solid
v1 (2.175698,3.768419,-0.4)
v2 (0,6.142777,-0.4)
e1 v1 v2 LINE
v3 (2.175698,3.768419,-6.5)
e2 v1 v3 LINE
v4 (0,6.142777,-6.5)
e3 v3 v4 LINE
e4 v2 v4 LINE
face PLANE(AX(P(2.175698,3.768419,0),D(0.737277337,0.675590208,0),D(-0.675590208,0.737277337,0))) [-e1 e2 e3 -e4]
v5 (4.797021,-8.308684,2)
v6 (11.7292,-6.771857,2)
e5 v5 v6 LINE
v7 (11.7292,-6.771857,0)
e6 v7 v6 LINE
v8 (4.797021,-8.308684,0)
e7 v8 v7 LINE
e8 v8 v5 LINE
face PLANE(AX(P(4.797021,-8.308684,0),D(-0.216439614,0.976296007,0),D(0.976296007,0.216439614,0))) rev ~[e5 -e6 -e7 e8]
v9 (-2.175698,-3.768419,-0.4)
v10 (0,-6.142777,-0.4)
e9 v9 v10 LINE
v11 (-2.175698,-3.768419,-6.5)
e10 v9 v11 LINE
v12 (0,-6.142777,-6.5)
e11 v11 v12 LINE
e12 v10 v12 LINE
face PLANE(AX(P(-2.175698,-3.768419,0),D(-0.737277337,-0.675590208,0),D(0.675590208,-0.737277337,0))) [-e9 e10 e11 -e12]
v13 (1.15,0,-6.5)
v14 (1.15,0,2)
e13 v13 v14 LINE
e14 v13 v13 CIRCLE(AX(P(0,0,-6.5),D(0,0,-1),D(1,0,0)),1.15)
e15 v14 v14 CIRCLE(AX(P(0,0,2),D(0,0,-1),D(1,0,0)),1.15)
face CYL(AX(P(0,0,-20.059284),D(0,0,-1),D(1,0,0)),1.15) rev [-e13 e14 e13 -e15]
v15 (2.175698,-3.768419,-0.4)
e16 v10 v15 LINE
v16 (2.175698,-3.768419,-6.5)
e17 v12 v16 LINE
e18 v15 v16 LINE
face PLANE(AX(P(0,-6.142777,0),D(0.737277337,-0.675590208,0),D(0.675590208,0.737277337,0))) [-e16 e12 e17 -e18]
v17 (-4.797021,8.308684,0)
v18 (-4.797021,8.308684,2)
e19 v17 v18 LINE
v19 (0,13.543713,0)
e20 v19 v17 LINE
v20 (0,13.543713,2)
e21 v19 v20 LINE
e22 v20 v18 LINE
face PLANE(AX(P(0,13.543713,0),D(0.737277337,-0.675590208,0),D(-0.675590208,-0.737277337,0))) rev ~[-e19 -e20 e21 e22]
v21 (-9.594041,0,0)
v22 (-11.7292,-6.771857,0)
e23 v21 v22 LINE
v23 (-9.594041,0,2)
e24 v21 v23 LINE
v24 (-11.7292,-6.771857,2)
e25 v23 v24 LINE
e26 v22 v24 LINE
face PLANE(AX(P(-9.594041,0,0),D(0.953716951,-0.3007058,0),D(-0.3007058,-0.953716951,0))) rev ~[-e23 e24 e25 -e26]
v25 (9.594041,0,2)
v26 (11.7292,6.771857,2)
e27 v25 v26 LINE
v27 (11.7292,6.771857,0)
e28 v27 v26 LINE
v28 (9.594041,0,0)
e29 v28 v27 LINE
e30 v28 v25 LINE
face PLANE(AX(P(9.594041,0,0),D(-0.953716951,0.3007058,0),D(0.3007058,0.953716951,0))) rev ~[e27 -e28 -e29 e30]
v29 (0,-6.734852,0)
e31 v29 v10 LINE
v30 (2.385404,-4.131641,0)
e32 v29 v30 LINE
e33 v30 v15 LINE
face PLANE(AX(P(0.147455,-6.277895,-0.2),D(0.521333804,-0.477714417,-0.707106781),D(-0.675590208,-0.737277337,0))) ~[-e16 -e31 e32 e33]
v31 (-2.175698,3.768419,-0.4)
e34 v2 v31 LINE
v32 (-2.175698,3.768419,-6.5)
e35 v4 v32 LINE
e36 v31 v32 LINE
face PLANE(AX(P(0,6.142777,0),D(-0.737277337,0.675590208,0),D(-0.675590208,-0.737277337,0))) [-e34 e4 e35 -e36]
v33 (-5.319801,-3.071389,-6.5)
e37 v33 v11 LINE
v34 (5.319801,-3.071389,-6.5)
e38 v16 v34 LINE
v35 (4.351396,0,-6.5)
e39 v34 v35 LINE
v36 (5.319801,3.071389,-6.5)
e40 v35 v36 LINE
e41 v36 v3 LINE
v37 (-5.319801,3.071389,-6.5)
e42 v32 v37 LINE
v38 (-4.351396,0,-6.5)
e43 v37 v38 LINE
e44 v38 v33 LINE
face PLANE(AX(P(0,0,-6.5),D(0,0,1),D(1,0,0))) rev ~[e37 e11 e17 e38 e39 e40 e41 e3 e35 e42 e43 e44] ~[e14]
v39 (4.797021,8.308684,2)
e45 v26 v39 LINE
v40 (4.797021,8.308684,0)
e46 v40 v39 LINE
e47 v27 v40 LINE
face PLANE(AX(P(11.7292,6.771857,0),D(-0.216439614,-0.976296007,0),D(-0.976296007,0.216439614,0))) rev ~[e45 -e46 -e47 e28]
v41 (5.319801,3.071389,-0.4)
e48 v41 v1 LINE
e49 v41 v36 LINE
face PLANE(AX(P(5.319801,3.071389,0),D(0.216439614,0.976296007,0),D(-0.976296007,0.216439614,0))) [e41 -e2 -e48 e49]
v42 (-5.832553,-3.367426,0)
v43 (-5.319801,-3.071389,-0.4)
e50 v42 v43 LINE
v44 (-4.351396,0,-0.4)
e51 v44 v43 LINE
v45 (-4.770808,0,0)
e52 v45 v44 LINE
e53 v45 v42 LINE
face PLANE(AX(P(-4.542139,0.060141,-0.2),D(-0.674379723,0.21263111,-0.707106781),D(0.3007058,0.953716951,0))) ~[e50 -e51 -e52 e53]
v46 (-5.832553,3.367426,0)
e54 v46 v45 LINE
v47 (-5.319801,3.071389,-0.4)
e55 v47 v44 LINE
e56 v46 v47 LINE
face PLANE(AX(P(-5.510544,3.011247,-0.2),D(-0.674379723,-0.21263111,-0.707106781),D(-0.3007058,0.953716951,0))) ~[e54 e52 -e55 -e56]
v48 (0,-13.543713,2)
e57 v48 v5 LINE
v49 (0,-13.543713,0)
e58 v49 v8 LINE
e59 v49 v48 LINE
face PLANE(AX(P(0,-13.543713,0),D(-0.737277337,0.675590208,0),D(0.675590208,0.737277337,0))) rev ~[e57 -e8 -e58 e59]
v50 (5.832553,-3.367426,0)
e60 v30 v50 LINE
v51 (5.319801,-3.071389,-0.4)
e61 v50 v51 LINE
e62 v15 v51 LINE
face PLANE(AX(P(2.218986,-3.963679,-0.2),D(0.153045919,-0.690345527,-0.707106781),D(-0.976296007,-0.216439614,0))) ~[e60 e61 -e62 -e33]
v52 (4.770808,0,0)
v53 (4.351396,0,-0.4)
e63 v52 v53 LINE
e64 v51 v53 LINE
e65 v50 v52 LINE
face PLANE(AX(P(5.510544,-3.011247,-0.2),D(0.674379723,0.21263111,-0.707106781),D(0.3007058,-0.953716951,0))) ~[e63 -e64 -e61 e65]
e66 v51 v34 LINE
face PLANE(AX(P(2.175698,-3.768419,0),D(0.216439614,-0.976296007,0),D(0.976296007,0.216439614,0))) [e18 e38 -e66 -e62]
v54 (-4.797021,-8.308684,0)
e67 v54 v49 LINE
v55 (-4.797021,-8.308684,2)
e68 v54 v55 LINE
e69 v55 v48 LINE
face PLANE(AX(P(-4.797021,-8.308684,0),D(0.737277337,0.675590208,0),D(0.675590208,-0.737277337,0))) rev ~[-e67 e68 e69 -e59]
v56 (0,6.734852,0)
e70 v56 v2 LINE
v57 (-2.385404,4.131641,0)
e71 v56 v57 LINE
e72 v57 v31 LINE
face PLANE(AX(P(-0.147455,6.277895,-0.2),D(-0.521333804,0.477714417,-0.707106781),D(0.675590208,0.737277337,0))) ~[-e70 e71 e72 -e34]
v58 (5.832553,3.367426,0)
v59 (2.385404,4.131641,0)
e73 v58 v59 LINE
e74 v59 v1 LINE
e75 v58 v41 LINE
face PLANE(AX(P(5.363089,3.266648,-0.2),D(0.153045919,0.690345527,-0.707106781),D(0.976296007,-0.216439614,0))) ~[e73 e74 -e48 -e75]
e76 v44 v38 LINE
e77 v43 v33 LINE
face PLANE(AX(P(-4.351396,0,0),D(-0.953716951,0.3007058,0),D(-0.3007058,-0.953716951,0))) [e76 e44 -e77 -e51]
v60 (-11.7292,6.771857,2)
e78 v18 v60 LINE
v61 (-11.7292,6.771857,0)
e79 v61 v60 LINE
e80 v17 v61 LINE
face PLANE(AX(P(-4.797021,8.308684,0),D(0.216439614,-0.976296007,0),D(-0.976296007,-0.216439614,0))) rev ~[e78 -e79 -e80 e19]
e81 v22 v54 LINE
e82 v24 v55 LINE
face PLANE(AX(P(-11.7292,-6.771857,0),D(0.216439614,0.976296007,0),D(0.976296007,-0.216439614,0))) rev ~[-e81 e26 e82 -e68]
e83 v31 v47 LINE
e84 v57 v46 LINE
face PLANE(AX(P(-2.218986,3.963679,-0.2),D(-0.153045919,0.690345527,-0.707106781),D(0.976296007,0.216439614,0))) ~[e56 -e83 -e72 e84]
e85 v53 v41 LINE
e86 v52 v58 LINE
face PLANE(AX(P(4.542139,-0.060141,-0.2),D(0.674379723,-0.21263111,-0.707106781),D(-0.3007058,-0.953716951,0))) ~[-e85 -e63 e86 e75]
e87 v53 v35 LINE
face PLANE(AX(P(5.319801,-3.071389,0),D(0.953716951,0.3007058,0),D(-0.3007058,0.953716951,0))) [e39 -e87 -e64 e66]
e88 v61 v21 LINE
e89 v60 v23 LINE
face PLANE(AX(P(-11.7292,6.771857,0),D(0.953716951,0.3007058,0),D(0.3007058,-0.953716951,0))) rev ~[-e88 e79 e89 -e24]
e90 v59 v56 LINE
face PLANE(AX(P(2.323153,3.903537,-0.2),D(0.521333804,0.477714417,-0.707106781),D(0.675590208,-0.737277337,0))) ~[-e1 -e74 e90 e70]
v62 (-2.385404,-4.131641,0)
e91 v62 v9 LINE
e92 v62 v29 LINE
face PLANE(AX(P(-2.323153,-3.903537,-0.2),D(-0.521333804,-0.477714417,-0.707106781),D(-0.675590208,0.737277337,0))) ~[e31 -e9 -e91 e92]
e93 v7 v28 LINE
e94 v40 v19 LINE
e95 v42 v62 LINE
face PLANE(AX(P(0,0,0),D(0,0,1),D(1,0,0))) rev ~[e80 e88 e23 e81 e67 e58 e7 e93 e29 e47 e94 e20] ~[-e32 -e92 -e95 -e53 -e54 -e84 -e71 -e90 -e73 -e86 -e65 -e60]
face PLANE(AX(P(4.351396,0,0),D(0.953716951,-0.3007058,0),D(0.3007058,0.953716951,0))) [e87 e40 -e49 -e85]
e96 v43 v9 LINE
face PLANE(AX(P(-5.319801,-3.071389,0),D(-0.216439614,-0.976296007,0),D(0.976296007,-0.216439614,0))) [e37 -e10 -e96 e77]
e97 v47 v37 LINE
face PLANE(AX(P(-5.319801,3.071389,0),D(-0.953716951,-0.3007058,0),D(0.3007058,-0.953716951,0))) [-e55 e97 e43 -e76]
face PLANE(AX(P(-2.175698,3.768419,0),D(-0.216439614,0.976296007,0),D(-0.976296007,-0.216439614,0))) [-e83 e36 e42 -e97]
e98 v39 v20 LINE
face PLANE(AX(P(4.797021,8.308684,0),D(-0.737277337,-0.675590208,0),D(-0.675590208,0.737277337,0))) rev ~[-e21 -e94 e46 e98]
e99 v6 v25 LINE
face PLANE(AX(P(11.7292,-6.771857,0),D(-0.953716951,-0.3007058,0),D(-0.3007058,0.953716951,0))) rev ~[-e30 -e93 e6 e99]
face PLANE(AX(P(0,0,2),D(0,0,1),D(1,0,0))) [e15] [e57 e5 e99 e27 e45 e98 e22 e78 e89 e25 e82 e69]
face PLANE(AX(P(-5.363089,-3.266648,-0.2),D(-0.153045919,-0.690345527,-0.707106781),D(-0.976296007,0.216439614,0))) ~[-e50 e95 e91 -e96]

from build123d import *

# Parameters (mm, degrees)
BOSS_EXTRUDE1_DEPTH     = 6.5
BOSS_EXTRUDE2_DEPTH     = 2
CUT_EXTRUDE1_DEPTH      = 20.059283612
CUT_EXTRUDE1_DEPTH_BACK = 20.059283612
SKETCH1_4_R             = 1.15
CHAMFER1_SIZE           = 0.4


with BuildPart() as part:
    # Sketch1 → Boss-Extrude1 (new body)
    with BuildSketch(Plane.XY):
        Polygon((2.175697935, 3.768419365), (0, 6.142777017), (-2.175697935, 3.768419365), (-5.319800946, 3.071388508), (-4.351395869, 0), (-5.319800946, -3.071388508), (-2.175697935, -3.768419365), (0, -6.142777017), (2.175697935, -3.768419365), (5.319800946, -3.071388508), (4.351395869, 0), (5.319800946, 3.071388508), align=None)
    extrude(amount=-BOSS_EXTRUDE1_DEPTH)

    # Sketch2 → Boss-Extrude2 (add)
    with BuildSketch(Plane.XY):
        Polygon((11.729199677, 6.771856591), (4.797020748, 8.30868366), (0, 13.543713181), (-4.797020748, 8.30868366), (-11.729199677, 6.771856591), (-9.594041495, 0), (-11.729199677, -6.771856591), (-4.797020748, -8.30868366), (0, -13.543713181), (4.797020748, -8.30868366), (11.729199677, -6.771856591), (9.594041495, 0), align=None)
    extrude(amount=BOSS_EXTRUDE2_DEPTH)

    # Sketch1<4> → Cut-Extrude1 (cut, two sides: drawn at the far end of the back side and taken through both)
    with BuildSketch(Plane.XY.offset(-CUT_EXTRUDE1_DEPTH_BACK)):
        Circle(SKETCH1_4_R)
    extrude(amount=CUT_EXTRUDE1_DEPTH + CUT_EXTRUDE1_DEPTH_BACK, mode=Mode.SUBTRACT)

    # Chamfer1
    chamfer1_edges = [part.edges().sort_by_distance(p)[0] for p in [
        (3.74774944, -3.419903937, 0),
        (1.087848967, -4.955598191, 0),
        (-1.087848967, -4.955598191, 0),
        (-3.74774944, -3.419903937, 0),
        (-4.835598408, -1.535694254, 0),
        (-4.835598408, 1.535694254, 0),
        (-3.74774944, 3.419903937, 0),
        (4.835598408, -1.535694254, 0),
        (4.835598408, 1.535694254, 0),
        (3.74774944, 3.419903937, 0),
        (1.087848967, 4.955598191, 0),
        (-1.087848967, 4.955598191, 0),
    ]]
    chamfer(chamfer1_edges, length=CHAMFER1_SIZE)


solid = part.part
